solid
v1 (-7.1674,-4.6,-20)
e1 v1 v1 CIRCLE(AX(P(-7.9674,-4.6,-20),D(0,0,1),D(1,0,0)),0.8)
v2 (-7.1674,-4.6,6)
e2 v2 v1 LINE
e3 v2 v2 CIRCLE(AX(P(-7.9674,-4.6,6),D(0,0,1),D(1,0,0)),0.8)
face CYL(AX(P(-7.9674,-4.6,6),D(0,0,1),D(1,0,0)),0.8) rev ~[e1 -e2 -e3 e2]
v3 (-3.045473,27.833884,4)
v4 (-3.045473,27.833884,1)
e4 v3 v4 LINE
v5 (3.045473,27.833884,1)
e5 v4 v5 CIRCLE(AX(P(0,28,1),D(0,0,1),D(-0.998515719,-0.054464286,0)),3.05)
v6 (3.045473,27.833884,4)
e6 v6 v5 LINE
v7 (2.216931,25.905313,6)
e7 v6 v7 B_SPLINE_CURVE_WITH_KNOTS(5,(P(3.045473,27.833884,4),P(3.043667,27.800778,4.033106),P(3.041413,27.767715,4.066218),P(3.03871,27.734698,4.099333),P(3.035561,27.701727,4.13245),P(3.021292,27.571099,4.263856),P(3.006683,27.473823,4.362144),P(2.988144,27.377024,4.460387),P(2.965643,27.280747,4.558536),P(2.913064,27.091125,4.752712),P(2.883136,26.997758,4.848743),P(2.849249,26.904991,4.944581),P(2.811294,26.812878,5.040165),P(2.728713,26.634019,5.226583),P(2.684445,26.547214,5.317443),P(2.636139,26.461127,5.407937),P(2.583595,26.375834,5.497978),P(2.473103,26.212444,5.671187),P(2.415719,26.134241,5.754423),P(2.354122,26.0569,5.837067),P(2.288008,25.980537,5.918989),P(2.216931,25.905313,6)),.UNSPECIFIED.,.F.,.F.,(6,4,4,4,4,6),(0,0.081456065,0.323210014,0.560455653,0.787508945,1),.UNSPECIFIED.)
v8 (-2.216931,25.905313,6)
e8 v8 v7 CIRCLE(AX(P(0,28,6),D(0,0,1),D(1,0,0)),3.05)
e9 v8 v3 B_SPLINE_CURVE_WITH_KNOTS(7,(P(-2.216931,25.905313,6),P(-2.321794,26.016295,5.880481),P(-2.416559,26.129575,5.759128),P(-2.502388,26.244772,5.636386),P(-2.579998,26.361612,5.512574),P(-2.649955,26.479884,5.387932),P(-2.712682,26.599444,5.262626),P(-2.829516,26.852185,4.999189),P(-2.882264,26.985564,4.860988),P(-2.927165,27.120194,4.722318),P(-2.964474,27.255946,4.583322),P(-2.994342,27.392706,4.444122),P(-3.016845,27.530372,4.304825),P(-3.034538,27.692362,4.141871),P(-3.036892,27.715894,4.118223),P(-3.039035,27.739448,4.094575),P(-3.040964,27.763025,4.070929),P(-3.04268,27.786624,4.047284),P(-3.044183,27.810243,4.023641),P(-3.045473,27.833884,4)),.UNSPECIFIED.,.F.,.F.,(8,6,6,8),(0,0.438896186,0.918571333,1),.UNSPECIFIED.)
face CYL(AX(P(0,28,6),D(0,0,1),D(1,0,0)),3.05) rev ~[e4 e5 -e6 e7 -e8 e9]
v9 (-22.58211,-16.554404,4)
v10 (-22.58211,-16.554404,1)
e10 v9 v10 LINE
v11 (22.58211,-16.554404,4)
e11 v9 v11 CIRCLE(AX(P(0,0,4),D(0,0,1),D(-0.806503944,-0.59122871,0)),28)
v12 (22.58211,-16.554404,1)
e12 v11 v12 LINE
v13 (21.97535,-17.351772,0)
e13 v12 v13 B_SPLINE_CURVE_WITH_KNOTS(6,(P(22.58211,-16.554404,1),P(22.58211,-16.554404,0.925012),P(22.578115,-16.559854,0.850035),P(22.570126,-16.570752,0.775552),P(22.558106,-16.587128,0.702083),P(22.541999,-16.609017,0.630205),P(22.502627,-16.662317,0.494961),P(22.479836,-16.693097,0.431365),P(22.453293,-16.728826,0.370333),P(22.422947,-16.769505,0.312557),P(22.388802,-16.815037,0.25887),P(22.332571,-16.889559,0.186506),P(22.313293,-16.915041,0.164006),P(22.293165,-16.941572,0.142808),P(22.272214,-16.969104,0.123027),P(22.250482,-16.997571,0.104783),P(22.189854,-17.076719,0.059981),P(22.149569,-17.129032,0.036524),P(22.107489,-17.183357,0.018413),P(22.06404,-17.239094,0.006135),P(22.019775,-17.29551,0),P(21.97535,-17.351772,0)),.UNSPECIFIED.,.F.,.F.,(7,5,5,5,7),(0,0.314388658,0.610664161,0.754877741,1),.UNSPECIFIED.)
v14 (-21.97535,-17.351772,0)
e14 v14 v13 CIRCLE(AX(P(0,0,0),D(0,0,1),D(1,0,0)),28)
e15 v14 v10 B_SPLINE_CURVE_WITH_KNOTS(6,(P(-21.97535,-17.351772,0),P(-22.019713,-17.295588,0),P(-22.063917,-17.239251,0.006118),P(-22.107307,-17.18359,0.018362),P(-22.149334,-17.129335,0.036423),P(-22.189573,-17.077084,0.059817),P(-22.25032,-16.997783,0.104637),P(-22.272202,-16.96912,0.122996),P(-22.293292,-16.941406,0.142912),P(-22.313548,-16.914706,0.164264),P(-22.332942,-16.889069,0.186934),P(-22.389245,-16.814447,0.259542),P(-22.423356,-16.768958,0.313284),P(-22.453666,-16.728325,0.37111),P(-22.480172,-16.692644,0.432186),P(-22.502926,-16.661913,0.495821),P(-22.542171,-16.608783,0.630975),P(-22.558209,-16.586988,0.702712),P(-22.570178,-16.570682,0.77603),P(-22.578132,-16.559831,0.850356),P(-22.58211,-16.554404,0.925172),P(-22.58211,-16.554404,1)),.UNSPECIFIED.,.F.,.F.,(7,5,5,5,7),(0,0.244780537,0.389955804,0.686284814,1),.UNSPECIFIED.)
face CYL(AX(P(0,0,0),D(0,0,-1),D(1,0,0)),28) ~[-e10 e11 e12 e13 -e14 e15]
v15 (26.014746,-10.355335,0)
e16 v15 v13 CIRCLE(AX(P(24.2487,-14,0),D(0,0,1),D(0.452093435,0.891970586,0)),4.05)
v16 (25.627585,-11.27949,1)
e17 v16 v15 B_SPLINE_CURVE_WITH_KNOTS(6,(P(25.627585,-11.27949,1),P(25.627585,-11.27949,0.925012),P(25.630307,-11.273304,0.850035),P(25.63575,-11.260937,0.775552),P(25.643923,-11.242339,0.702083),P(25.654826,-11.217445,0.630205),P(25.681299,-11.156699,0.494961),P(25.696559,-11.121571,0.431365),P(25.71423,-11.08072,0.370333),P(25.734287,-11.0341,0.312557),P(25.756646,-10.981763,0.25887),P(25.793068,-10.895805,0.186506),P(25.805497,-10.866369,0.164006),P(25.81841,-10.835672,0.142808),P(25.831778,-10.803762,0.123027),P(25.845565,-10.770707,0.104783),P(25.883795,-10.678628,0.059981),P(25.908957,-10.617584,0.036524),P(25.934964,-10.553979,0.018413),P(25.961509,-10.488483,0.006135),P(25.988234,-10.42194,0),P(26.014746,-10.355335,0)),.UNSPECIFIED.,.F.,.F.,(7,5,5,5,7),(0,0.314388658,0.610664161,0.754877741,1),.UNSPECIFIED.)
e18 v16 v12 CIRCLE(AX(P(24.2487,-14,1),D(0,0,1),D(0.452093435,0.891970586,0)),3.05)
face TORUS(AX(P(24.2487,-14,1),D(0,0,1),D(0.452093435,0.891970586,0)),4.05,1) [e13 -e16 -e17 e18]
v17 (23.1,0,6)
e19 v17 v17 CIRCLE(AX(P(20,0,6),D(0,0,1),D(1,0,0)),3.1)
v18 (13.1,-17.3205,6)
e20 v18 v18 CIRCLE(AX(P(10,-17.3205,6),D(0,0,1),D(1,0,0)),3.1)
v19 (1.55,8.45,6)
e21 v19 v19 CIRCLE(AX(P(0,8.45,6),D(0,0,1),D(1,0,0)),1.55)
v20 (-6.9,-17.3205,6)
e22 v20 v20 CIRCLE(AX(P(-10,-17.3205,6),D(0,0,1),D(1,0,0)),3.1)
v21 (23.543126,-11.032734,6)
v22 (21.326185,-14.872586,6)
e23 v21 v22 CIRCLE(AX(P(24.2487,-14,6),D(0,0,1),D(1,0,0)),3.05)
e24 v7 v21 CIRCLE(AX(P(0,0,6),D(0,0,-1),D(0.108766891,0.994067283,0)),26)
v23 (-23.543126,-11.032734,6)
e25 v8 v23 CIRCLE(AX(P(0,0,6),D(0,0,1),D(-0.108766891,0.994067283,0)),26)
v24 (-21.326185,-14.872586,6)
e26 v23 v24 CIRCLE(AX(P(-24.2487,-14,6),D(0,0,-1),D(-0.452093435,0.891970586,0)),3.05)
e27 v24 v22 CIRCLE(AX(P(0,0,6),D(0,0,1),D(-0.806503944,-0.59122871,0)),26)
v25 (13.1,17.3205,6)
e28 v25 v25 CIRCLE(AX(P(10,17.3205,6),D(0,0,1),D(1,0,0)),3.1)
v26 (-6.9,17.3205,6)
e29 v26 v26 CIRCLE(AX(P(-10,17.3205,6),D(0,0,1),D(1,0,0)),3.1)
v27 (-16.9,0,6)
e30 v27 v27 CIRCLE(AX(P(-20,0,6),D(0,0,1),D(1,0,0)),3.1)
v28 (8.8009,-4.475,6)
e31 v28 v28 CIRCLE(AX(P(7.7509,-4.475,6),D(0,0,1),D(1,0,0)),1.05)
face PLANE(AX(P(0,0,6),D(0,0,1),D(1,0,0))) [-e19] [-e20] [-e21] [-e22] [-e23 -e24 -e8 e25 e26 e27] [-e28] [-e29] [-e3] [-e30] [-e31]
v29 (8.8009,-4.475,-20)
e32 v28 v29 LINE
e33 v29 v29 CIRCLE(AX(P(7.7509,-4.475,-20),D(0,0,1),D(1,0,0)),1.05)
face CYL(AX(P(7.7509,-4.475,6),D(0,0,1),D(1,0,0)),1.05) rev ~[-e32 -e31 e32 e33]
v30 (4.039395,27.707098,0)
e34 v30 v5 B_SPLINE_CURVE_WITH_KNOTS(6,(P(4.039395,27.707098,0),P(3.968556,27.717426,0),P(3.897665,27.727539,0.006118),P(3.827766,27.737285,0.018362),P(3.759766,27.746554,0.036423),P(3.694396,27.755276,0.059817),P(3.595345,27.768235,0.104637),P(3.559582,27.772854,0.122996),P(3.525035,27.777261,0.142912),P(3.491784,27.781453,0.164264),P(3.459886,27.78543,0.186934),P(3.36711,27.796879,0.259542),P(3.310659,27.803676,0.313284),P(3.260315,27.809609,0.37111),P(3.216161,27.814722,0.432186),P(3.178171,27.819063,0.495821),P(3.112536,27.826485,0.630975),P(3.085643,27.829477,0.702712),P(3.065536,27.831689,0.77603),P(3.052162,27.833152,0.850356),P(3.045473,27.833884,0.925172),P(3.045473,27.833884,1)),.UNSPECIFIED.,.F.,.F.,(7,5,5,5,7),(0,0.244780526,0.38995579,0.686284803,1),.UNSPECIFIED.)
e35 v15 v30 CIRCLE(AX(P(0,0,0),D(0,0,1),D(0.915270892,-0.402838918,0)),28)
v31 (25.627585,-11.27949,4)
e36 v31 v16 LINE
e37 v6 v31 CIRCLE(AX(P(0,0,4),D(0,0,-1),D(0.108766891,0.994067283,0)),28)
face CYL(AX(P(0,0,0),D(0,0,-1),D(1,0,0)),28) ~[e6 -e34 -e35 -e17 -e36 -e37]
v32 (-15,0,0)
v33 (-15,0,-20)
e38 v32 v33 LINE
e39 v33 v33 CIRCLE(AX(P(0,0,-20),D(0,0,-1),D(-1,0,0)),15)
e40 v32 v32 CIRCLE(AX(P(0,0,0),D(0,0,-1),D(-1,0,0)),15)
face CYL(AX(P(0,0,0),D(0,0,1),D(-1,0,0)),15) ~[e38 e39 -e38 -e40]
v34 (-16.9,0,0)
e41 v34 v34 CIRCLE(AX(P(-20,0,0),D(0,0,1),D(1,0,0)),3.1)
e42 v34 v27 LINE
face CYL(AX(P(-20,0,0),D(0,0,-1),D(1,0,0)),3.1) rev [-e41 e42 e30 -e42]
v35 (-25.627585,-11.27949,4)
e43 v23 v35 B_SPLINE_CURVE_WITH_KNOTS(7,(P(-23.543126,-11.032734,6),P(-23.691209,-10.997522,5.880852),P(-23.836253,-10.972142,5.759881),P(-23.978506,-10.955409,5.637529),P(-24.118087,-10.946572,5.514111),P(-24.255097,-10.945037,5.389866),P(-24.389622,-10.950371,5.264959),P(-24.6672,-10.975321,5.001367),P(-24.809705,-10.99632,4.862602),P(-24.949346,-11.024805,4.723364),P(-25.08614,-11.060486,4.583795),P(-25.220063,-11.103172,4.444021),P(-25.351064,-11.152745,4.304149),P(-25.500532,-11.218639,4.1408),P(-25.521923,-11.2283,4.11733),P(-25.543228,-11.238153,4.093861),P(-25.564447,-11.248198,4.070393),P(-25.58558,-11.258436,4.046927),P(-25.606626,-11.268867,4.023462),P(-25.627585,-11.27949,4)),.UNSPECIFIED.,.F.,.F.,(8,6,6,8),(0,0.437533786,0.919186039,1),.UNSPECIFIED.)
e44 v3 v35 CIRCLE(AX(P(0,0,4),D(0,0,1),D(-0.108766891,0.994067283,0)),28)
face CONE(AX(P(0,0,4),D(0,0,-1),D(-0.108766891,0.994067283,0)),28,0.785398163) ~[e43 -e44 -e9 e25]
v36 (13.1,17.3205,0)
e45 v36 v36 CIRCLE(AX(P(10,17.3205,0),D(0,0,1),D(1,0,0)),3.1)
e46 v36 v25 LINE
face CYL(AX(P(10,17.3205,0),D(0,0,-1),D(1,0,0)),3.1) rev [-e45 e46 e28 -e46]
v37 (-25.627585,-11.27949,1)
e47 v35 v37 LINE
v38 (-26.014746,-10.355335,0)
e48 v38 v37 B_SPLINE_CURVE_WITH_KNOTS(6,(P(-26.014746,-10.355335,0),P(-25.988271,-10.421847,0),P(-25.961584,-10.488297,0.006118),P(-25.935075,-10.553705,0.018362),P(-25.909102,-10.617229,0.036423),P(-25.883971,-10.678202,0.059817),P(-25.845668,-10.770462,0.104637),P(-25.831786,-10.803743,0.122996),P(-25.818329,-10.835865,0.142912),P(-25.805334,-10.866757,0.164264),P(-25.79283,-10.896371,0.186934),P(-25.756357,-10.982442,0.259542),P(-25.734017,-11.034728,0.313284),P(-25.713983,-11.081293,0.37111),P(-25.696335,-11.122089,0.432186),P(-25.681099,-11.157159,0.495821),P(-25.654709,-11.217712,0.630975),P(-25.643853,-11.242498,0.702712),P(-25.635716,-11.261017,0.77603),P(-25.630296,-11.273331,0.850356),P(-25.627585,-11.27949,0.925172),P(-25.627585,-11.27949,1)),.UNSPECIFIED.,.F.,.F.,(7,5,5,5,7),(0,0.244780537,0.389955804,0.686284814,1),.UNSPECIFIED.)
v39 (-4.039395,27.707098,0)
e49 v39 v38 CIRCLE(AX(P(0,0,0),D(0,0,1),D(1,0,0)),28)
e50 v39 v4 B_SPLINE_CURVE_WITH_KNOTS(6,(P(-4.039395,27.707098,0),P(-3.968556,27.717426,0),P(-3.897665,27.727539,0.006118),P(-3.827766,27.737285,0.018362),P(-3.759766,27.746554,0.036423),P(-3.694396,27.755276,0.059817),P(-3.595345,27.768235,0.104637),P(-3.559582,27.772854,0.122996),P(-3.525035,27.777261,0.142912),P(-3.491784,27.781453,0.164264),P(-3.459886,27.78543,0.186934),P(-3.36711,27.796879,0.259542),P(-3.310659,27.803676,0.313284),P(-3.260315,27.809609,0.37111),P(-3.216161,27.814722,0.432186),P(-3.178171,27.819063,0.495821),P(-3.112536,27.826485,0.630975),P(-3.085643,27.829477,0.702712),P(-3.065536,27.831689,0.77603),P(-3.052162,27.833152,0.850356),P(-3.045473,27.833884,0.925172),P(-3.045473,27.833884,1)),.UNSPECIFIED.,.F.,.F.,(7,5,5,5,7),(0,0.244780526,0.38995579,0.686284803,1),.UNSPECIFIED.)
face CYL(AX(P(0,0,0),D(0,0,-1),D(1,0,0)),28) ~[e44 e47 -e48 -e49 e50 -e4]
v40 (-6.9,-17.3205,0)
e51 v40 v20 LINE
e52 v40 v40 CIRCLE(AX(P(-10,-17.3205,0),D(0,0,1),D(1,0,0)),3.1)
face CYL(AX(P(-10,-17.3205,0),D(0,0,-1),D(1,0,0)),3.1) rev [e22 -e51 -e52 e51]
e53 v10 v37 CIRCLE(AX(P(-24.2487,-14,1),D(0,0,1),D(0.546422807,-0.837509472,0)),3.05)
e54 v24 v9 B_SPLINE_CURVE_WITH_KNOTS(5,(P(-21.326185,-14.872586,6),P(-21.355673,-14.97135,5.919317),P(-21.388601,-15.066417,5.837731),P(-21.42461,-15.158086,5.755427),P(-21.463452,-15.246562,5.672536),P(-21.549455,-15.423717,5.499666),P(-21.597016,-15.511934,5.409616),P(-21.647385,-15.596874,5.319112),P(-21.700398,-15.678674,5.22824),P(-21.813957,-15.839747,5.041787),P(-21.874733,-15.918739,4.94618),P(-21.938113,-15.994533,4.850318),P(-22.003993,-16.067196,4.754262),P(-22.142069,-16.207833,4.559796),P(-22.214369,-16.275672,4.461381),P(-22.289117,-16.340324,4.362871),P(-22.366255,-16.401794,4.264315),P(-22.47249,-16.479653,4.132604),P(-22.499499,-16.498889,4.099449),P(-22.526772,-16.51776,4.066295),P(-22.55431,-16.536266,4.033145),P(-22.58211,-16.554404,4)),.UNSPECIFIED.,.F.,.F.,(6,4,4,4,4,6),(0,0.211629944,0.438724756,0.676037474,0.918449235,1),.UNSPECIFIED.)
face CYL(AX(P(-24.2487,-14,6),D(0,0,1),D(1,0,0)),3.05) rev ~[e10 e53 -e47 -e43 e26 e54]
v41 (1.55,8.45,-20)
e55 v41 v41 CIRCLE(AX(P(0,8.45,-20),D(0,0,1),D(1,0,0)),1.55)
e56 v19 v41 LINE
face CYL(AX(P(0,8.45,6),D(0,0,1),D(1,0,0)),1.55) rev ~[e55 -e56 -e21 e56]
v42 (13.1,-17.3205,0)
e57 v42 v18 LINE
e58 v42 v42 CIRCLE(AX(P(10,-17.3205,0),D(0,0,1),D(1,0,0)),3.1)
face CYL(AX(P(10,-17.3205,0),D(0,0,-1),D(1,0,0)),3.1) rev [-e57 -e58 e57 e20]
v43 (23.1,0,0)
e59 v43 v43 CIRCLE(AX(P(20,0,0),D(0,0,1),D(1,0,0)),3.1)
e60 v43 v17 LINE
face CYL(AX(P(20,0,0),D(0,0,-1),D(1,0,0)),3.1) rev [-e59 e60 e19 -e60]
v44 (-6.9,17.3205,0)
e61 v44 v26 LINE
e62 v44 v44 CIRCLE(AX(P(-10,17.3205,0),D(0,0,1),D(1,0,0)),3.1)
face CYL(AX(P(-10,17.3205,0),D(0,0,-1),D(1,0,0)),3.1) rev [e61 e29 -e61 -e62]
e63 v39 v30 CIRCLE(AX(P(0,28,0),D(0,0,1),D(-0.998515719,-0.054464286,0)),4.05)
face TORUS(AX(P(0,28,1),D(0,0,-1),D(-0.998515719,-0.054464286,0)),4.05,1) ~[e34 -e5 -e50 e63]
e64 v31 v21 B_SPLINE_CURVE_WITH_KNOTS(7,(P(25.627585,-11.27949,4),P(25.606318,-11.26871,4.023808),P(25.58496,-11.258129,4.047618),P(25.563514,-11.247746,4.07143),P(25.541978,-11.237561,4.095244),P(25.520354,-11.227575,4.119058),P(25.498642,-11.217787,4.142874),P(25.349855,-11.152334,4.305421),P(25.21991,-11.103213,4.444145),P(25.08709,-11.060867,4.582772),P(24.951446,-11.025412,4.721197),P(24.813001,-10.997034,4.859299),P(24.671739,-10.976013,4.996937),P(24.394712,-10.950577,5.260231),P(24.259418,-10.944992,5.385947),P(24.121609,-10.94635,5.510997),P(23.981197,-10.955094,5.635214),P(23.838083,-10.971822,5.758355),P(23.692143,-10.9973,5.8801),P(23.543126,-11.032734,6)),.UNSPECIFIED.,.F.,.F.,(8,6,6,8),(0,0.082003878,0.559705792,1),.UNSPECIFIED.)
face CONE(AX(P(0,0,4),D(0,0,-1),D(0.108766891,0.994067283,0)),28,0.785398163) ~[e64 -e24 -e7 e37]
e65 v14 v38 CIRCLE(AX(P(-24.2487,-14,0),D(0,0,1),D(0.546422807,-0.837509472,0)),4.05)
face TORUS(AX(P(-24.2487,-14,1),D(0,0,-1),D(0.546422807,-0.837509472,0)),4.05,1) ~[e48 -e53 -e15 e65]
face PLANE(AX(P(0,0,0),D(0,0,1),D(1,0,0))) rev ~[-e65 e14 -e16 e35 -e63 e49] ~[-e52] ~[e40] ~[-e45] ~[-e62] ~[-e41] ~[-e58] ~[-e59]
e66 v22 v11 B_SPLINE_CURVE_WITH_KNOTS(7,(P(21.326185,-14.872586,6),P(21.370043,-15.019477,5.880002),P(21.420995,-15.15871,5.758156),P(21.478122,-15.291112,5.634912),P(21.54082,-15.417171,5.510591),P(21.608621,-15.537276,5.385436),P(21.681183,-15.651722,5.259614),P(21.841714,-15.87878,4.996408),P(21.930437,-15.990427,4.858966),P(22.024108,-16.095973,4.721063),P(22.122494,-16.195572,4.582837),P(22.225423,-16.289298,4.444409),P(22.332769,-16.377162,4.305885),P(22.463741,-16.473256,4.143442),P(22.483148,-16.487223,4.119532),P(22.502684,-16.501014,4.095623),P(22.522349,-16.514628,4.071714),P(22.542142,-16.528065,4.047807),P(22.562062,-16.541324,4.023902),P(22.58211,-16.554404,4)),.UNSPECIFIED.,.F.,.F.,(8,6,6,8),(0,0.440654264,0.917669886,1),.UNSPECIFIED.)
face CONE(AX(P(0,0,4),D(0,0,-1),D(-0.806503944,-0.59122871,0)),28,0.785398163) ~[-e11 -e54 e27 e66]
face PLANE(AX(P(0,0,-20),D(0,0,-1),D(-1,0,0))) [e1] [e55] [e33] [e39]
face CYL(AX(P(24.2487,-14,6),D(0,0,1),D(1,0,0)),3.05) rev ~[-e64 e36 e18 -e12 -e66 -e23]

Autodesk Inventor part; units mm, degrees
ref_plane "YZ Plane" through (0, 0, 0) normal (1, 0, 0) x (0, 1, 0)
ref_plane "XZ Plane" through (0, 0, 0) normal (0, 1, 0) x (-1, 0, 0)
ref_plane "XY Plane" through (0, 0, 0) normal (0, 0, 1) x (1, 0, 0)
sketch "Sketch1" plane through (0, 0, 0) normal (0, 0, 1) x (1, 0, 0)
  circle A0 centre (0, 0) radius 28
  circle A1 centre (-20, 0) radius 3.1
  circle A2 centre (-10, -17.3205) radius 3.1
  circle A3 centre (10, -17.3205) radius 3.1
  circle A4 centre (20, 0) radius 3.1
  circle A5 centre (10, 17.3205) radius 3.1
  circle A6 centre (-10, 17.3205) radius 3.1
  dimension "d0" = 56
  dimension "d1" = 6.2
  dimension "d2" = 20
  dimension "d3" = 0
  dimension "d6" = 360
extrude "Extrusion1" add sketch "Sketch1" along normal blind 6
sketch "Sketch2" plane through (0, 0, 0) normal (0, 0, -1) x (-1, 0, 0)
  circle A0 centre (0, 0) radius 15
  dimension "d10" = 30
extrude "Extrusion2" add sketch "Sketch2" along normal blind 20
sketch "Sketch3" plane through (0, 0, 6) normal (0, 0, 1) x (1, 0, 0)
  circle A0 centre (0, 0) radius 28 projected
  circle A1 centre (0, 28) radius 3.05
  circle A2 centre (-24.2487, -14) radius 3.05
  circle A3 centre (24.2487, -14) radius 3.05
  circle A4 centre (0, 8.45) radius 1.55
  line L0 (0, 28) -> (0, 0) construction
  line L1 (0, 0) -> (24.2487, -14) construction
  line L2 (-24.2487, -14) -> (0, 0) construction
  circle A5 centre (7.7509, -4.475) radius 1.05
  circle A6 centre (-7.9674, -4.6) radius 0.8
  circle A7 centre (0, 0) radius 10 construction
  point P0 (25.6276, -11.2795)
  point P1 (22.5821, -16.5544)
  point P2 (-25.6276, -11.2795)
  point P3 (-22.5821, -16.5544)
  point P4 (-3.0455, 27.8339)
  point P5 (3.0455, 27.8339)
  dimension "d13" = 6.1
  dimension "d17" = 360
  dimension "d19" = 3.1
  dimension "d20" = 0
  dimension "d21" = 0
  dimension "d22" = 2.1
  dimension "d23" = 1.6
  dimension "d24" = 20
extrude "Extrusion3" cut sketch "Sketch3" against normal through all contours A1 A0 | A0 A3 | A2 A0 | A4 | A5 | A6 picked at (0.1183, 26.9779) picked at (23.3044, -13.5914) picked at (-23.3241, -13.5486)
chamfer "Chamfer1" distance 2 angle 45 3 edges at (-24.2487, 14, 6) (0, -28, 6) (24.2487, 14, 6)
fillet "Fillet1" radius 1 3 edges at (21.6073, -12.475, 0) (-21.6073, -12.475, 0) (0, 24.95, 0)
properties part number "Schneidtrommel"
